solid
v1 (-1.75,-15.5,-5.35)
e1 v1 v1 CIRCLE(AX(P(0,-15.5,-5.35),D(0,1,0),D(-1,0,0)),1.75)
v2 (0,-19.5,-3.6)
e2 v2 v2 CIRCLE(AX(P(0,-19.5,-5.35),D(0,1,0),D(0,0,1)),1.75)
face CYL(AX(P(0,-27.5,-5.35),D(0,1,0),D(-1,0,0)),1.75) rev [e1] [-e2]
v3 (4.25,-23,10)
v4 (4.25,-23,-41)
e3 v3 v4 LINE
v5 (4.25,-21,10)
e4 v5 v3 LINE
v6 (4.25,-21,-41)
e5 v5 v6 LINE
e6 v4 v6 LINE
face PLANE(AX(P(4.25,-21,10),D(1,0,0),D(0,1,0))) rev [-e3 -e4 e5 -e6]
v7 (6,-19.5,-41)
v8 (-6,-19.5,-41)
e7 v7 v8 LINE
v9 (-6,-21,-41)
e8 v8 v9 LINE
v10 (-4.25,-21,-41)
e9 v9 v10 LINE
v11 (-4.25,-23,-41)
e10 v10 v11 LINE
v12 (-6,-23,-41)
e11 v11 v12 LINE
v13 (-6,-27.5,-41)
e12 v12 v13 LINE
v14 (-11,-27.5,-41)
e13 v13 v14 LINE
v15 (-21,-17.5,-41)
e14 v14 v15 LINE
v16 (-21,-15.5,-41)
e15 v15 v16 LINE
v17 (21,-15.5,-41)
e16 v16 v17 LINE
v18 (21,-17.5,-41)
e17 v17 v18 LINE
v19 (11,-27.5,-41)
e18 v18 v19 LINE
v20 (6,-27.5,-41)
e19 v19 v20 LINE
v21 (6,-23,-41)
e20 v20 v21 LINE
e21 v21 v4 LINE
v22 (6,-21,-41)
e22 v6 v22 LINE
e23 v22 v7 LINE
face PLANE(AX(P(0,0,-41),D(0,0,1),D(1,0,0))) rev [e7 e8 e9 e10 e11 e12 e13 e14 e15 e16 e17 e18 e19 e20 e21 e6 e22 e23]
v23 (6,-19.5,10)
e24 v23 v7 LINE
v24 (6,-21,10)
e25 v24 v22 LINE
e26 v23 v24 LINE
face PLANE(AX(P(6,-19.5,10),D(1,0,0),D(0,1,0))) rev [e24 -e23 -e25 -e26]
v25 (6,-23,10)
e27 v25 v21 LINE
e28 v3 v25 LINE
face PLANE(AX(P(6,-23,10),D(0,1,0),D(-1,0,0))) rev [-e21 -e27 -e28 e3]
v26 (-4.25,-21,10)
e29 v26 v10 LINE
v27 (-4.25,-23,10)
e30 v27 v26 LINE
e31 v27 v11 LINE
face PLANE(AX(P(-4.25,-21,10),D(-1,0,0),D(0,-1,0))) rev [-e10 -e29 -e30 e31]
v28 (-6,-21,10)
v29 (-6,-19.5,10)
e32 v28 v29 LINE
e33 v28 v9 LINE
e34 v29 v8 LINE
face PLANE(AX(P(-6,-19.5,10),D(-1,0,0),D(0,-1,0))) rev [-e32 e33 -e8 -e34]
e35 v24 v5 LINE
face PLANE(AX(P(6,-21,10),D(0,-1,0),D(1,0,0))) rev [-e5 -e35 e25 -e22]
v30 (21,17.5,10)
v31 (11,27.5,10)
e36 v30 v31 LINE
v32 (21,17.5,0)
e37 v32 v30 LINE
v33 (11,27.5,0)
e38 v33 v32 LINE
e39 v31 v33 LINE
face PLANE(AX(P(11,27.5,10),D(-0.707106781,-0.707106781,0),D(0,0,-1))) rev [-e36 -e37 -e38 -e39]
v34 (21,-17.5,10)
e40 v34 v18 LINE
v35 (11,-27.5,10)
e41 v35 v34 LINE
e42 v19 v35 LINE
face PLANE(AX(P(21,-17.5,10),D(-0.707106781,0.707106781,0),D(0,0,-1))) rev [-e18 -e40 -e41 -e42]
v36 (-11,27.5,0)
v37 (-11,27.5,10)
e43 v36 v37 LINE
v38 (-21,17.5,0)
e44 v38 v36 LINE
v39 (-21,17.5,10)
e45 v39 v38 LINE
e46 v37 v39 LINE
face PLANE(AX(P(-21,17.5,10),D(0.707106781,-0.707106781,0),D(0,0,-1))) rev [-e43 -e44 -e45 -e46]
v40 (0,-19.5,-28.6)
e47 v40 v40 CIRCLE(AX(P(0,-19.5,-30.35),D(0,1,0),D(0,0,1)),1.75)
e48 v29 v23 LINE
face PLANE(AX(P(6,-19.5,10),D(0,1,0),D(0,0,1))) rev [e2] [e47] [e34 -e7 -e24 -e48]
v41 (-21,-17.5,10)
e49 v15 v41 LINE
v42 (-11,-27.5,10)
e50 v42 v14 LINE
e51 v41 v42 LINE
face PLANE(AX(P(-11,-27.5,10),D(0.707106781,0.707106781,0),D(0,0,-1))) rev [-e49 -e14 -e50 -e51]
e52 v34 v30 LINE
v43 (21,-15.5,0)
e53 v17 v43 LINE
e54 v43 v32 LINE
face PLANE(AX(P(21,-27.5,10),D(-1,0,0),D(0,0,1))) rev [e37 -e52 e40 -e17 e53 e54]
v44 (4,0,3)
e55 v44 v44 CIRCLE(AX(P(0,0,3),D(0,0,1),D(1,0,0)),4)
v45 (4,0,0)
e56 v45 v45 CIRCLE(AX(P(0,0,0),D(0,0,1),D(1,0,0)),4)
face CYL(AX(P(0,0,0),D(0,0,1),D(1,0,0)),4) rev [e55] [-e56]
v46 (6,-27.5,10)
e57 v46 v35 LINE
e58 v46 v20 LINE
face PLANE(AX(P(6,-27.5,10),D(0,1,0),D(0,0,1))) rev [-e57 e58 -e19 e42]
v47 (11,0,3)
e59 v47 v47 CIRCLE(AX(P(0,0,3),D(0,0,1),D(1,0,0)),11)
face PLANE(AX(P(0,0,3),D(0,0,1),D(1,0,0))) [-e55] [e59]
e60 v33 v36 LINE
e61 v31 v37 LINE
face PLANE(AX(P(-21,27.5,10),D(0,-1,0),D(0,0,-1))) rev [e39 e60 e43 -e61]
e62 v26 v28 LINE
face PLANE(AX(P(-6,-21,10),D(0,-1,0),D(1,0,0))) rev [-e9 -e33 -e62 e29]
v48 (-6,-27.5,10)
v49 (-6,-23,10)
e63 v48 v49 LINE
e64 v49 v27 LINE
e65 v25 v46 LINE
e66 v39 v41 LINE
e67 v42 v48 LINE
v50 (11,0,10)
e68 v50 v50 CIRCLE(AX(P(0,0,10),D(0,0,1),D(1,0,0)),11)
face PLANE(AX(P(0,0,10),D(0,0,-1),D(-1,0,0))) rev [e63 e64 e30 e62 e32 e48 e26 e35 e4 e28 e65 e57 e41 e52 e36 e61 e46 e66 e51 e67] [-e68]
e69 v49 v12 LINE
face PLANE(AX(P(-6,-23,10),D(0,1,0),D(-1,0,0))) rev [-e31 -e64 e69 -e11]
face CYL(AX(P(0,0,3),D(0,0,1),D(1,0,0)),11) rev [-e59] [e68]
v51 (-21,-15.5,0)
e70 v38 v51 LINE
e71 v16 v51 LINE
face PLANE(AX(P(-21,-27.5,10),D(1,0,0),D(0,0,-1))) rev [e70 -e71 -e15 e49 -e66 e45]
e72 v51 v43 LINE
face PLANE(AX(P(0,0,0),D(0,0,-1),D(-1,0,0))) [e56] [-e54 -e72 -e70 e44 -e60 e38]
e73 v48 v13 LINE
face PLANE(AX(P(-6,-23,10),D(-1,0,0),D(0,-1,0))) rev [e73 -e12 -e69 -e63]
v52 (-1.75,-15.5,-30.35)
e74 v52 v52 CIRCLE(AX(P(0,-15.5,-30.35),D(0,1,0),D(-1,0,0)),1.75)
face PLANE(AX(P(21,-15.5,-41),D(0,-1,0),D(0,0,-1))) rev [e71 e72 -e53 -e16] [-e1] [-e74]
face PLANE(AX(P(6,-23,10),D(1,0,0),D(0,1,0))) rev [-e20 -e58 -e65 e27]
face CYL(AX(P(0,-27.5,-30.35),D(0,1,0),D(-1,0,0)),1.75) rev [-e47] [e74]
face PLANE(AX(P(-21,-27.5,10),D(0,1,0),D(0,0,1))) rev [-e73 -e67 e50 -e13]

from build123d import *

# Parameters (mm, degrees)
ESTRUSIONE_ESTRUSIONE1_DEPTH = 10
SCHIZZO2_R                   = 11
TAGLIO_ESTRUSIONE1_DEPTH     = 7
SCHIZZO3_R                   = 4
TAGLIO_ESTRUSIONE2_DEPTH     = 4
ESTRUSIONE_ESTRUSIONE2_DEPTH = 41
SMUSSO1_SIZE                 = 10
SCHIZZO5_R                   = 1.75
TAGLIO_ESTRUSIONE3_DEPTH     = 13


with BuildPart() as part:
    # Schizzo1 → Estrusione-Estrusione1 (new body)
    with BuildSketch(Plane.XY):
        Polygon((6, -23), (6, -27.5), (21, -27.5), (21, 27.5), (-21, 27.5), (-21, -27.5), (-6, -27.5), (-6, -23), (-4.25, -23), (-4.25, -21), (-6, -21), (-6, -19.5), (6, -19.5), (6, -21), (4.25, -21), (4.25, -23), align=None)
    extrude(amount=ESTRUSIONE_ESTRUSIONE1_DEPTH)

    # Schizzo2 → Taglio-Estrusione1 (cut)
    with BuildSketch(Plane.XY.offset(10)):
        Circle(SCHIZZO2_R)
    extrude(amount=-TAGLIO_ESTRUSIONE1_DEPTH, mode=Mode.SUBTRACT)

    # Schizzo3 → Taglio-Estrusione2 (cut, through all)
    with BuildSketch(Plane.XY.offset(3)):
        Circle(SCHIZZO3_R)
    extrude(amount=-TAGLIO_ESTRUSIONE2_DEPTH, mode=Mode.SUBTRACT)

    # Schizzo4 → Estrusione-Estrusione2 (add)
    with BuildSketch(Plane(origin=(0, 0, 0), x_dir=(-1, 0, 0), z_dir=(0, 0, -1))):
        Polygon((-21, -27.5), (-6, -27.5), (-6, -23), (-4.25, -23), (-4.25, -21), (-6, -21), (-6, -19.5), (6, -19.5), (6, -21), (4.25, -21), (4.25, -23), (6, -23), (6, -27.5), (21, -27.5), (21, -15.5), (-21, -15.5), align=None)
    extrude(amount=ESTRUSIONE_ESTRUSIONE2_DEPTH)

    # Smusso1
    smusso1_edges = [part.edges().sort_by_distance(p)[0] for p in [
        (21, -27.5, -15.5),
        (-21, -27.5, -15.5),
        (-21, 27.5, 5),
        (21, 27.5, 5),
    ]]
    chamfer(smusso1_edges, length=SMUSSO1_SIZE)

    # Schizzo5 → Taglio-Estrusione3 (cut, through all)
    with BuildSketch(Plane(origin=(0, -15.5, 0), x_dir=(1, 0, 0), z_dir=(0, 1, 0))):
        with Locations((0, 30.35)):
            Circle(SCHIZZO5_R)
        with Locations((0, 5.35)):
            Circle(SCHIZZO5_R)
    extrude(amount=-TAGLIO_ESTRUSIONE3_DEPTH, mode=Mode.SUBTRACT)


solid = part.part
